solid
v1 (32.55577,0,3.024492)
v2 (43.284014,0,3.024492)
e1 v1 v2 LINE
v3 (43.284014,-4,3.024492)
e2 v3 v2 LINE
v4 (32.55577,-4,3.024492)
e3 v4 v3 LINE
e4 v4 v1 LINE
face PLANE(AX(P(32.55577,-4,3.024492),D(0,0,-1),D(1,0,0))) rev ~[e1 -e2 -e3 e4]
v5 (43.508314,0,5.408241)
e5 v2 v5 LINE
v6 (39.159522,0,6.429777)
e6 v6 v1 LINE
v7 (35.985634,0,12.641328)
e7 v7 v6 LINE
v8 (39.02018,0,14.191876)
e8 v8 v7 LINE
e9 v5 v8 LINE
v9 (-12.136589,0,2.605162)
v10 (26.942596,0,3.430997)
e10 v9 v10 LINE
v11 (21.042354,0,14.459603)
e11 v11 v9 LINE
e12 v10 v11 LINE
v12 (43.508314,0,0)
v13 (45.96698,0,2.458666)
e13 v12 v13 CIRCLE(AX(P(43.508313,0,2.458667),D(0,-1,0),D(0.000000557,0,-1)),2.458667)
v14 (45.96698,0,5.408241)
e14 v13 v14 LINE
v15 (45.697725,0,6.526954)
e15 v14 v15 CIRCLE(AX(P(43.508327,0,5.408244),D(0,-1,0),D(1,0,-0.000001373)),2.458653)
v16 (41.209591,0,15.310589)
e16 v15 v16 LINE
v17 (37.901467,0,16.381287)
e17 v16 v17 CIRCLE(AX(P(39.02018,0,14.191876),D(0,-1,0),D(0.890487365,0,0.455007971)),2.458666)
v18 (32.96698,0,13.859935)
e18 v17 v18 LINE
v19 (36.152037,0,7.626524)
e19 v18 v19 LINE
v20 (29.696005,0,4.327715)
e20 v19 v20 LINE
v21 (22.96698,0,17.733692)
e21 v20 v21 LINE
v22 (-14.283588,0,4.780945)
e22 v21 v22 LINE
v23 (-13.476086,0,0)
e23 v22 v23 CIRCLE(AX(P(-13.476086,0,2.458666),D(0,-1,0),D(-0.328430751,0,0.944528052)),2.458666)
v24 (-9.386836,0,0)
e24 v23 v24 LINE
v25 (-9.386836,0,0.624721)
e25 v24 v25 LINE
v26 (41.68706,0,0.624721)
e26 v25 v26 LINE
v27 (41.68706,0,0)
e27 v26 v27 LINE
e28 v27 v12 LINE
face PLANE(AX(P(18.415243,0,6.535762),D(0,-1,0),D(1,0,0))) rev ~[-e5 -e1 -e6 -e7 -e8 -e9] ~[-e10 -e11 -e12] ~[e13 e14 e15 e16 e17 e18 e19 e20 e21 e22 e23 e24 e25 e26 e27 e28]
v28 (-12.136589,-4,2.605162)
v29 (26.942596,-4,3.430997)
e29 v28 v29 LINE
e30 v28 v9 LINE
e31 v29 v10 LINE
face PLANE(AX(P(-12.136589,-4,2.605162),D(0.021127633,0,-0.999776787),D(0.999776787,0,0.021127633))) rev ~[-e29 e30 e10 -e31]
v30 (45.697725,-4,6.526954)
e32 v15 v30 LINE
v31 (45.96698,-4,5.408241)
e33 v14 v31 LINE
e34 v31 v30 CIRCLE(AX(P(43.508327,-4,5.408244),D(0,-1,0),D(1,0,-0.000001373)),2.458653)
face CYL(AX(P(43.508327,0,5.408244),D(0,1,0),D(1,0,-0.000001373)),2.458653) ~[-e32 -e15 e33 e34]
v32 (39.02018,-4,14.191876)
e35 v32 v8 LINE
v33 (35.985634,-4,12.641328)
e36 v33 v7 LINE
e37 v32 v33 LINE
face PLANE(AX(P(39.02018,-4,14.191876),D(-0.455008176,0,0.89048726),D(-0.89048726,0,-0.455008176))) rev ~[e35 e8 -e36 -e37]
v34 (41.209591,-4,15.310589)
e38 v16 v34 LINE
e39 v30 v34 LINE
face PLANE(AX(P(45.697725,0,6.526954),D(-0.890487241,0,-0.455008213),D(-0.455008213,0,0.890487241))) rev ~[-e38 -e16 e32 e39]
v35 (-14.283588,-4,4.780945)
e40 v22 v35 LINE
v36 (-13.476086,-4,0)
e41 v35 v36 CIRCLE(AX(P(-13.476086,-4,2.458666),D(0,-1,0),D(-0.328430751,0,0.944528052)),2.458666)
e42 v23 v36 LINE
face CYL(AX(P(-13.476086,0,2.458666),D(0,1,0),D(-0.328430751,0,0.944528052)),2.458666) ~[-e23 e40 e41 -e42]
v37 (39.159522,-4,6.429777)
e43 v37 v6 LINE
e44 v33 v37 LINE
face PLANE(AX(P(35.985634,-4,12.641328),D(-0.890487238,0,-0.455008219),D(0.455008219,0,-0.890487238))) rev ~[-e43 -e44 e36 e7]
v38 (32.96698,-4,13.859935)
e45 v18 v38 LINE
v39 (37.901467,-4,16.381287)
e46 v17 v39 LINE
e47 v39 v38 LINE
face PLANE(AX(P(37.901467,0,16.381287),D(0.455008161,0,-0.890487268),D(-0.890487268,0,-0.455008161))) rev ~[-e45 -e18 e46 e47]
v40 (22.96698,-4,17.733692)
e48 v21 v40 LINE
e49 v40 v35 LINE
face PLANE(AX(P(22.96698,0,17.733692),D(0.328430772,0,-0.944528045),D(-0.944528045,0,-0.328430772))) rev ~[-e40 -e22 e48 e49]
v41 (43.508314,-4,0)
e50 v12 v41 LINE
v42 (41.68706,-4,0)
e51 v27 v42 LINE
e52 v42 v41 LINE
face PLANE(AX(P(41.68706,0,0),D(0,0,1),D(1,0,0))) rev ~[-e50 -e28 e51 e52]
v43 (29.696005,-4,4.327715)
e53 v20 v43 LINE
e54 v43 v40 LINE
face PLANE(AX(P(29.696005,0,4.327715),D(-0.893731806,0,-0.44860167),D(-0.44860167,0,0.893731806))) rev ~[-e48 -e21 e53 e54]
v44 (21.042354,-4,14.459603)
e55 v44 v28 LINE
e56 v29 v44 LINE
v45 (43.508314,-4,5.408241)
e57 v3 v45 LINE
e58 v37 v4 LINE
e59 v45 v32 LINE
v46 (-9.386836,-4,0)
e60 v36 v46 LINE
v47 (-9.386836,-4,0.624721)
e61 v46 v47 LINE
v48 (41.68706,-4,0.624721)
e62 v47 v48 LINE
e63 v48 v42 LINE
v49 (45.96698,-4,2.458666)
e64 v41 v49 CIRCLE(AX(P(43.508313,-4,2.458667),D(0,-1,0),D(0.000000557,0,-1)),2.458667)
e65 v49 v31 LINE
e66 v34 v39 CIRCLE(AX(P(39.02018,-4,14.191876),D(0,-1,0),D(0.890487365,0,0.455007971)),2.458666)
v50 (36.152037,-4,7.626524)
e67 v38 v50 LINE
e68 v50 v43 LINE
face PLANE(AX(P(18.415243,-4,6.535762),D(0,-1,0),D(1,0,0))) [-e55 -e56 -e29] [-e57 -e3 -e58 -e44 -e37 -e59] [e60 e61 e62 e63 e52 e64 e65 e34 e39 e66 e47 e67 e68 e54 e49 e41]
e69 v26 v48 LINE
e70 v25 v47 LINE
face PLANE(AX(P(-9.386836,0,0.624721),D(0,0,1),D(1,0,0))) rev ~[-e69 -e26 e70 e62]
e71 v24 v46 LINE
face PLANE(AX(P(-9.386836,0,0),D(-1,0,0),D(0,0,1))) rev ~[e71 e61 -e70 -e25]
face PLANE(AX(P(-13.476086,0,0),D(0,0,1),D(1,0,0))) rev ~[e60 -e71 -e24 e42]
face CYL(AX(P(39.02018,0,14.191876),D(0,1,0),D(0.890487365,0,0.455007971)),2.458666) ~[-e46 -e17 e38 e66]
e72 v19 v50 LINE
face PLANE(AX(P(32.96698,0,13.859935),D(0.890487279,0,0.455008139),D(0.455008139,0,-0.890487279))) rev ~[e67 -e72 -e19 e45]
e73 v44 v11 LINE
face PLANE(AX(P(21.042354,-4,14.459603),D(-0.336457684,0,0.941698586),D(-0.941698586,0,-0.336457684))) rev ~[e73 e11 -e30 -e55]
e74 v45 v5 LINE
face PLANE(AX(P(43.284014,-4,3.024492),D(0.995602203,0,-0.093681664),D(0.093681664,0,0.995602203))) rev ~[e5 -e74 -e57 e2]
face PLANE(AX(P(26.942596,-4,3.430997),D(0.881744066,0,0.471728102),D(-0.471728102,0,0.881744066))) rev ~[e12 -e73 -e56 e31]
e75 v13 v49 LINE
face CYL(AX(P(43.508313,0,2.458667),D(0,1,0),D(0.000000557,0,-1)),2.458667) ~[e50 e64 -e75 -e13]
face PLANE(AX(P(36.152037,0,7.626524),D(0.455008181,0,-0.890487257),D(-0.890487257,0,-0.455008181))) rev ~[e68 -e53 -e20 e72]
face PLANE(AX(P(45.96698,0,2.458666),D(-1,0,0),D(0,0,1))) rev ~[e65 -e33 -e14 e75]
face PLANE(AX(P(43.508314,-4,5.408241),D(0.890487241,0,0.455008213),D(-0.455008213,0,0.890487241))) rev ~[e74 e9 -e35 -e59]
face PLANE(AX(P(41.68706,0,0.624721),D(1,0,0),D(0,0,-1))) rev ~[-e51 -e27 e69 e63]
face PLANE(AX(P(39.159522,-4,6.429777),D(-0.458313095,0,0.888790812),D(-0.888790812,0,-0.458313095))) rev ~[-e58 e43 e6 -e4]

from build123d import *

# Parameters (mm, degrees)
F1_DEPTH = 4
F3_DEPTH = 4


with BuildPart() as f1:
    # F0 (on Front) → F1 (new body)
    with BuildSketch(Plane.XZ):
        with BuildLine():
            ThreePointArc((-14.283588, 4.780945), (-15.900416, 2.049197), (-13.476086, 0))
            Line((-13.476086, 0), (-9.386836, 0))
            Line((-9.386836, 0), (-9.386836, 0.624721))
            Line((-9.386836, 0.624721), (41.68706, 0.624721))
            Line((41.68706, 0.624721), (41.68706, 0))
            Line((41.68706, 0), (43.508314, 0))
            ThreePointArc((43.508314, 0), (45.246853, 0.720127), (45.96698, 2.458666))
            Line((45.96698, 2.458666), (45.96698, 5.408241))
            ThreePointArc((45.96698, 5.408241), (45.898719, 5.983571), (45.697725, 6.526954))
            Line((45.697725, 6.526954), (41.209591, 15.310589))
            ThreePointArc((41.209591, 15.310589), (39.777278, 16.531073), (37.901467, 16.381287))
            Line((37.901467, 16.381287), (32.96698, 13.859935))
            Line((32.96698, 13.859935), (36.152037, 7.626524))
            Line((36.152037, 7.626524), (29.696005, 4.327715))
            Line((29.696005, 4.327715), (22.96698, 17.733692))
            Line((22.96698, 17.733692), (-14.283588, 4.780945))
        make_face()
    extrude(amount=F1_DEPTH)

    # F2 (on face) → F3 (cut, through all)
    with BuildSketch(Plane.XZ.offset(4)):
        Polygon((21.042354, 14.459603), (-12.136589, 2.605162), (26.942596, 3.430997), align=None)
        Polygon((39.159522, 6.429777), (32.55577, 3.024492), (43.284014, 3.024492), (43.508314, 5.408241), (39.02018, 14.191876), (35.985634, 12.641328), align=None)
    extrude(amount=-F3_DEPTH, mode=Mode.SUBTRACT)


solid = f1.part
